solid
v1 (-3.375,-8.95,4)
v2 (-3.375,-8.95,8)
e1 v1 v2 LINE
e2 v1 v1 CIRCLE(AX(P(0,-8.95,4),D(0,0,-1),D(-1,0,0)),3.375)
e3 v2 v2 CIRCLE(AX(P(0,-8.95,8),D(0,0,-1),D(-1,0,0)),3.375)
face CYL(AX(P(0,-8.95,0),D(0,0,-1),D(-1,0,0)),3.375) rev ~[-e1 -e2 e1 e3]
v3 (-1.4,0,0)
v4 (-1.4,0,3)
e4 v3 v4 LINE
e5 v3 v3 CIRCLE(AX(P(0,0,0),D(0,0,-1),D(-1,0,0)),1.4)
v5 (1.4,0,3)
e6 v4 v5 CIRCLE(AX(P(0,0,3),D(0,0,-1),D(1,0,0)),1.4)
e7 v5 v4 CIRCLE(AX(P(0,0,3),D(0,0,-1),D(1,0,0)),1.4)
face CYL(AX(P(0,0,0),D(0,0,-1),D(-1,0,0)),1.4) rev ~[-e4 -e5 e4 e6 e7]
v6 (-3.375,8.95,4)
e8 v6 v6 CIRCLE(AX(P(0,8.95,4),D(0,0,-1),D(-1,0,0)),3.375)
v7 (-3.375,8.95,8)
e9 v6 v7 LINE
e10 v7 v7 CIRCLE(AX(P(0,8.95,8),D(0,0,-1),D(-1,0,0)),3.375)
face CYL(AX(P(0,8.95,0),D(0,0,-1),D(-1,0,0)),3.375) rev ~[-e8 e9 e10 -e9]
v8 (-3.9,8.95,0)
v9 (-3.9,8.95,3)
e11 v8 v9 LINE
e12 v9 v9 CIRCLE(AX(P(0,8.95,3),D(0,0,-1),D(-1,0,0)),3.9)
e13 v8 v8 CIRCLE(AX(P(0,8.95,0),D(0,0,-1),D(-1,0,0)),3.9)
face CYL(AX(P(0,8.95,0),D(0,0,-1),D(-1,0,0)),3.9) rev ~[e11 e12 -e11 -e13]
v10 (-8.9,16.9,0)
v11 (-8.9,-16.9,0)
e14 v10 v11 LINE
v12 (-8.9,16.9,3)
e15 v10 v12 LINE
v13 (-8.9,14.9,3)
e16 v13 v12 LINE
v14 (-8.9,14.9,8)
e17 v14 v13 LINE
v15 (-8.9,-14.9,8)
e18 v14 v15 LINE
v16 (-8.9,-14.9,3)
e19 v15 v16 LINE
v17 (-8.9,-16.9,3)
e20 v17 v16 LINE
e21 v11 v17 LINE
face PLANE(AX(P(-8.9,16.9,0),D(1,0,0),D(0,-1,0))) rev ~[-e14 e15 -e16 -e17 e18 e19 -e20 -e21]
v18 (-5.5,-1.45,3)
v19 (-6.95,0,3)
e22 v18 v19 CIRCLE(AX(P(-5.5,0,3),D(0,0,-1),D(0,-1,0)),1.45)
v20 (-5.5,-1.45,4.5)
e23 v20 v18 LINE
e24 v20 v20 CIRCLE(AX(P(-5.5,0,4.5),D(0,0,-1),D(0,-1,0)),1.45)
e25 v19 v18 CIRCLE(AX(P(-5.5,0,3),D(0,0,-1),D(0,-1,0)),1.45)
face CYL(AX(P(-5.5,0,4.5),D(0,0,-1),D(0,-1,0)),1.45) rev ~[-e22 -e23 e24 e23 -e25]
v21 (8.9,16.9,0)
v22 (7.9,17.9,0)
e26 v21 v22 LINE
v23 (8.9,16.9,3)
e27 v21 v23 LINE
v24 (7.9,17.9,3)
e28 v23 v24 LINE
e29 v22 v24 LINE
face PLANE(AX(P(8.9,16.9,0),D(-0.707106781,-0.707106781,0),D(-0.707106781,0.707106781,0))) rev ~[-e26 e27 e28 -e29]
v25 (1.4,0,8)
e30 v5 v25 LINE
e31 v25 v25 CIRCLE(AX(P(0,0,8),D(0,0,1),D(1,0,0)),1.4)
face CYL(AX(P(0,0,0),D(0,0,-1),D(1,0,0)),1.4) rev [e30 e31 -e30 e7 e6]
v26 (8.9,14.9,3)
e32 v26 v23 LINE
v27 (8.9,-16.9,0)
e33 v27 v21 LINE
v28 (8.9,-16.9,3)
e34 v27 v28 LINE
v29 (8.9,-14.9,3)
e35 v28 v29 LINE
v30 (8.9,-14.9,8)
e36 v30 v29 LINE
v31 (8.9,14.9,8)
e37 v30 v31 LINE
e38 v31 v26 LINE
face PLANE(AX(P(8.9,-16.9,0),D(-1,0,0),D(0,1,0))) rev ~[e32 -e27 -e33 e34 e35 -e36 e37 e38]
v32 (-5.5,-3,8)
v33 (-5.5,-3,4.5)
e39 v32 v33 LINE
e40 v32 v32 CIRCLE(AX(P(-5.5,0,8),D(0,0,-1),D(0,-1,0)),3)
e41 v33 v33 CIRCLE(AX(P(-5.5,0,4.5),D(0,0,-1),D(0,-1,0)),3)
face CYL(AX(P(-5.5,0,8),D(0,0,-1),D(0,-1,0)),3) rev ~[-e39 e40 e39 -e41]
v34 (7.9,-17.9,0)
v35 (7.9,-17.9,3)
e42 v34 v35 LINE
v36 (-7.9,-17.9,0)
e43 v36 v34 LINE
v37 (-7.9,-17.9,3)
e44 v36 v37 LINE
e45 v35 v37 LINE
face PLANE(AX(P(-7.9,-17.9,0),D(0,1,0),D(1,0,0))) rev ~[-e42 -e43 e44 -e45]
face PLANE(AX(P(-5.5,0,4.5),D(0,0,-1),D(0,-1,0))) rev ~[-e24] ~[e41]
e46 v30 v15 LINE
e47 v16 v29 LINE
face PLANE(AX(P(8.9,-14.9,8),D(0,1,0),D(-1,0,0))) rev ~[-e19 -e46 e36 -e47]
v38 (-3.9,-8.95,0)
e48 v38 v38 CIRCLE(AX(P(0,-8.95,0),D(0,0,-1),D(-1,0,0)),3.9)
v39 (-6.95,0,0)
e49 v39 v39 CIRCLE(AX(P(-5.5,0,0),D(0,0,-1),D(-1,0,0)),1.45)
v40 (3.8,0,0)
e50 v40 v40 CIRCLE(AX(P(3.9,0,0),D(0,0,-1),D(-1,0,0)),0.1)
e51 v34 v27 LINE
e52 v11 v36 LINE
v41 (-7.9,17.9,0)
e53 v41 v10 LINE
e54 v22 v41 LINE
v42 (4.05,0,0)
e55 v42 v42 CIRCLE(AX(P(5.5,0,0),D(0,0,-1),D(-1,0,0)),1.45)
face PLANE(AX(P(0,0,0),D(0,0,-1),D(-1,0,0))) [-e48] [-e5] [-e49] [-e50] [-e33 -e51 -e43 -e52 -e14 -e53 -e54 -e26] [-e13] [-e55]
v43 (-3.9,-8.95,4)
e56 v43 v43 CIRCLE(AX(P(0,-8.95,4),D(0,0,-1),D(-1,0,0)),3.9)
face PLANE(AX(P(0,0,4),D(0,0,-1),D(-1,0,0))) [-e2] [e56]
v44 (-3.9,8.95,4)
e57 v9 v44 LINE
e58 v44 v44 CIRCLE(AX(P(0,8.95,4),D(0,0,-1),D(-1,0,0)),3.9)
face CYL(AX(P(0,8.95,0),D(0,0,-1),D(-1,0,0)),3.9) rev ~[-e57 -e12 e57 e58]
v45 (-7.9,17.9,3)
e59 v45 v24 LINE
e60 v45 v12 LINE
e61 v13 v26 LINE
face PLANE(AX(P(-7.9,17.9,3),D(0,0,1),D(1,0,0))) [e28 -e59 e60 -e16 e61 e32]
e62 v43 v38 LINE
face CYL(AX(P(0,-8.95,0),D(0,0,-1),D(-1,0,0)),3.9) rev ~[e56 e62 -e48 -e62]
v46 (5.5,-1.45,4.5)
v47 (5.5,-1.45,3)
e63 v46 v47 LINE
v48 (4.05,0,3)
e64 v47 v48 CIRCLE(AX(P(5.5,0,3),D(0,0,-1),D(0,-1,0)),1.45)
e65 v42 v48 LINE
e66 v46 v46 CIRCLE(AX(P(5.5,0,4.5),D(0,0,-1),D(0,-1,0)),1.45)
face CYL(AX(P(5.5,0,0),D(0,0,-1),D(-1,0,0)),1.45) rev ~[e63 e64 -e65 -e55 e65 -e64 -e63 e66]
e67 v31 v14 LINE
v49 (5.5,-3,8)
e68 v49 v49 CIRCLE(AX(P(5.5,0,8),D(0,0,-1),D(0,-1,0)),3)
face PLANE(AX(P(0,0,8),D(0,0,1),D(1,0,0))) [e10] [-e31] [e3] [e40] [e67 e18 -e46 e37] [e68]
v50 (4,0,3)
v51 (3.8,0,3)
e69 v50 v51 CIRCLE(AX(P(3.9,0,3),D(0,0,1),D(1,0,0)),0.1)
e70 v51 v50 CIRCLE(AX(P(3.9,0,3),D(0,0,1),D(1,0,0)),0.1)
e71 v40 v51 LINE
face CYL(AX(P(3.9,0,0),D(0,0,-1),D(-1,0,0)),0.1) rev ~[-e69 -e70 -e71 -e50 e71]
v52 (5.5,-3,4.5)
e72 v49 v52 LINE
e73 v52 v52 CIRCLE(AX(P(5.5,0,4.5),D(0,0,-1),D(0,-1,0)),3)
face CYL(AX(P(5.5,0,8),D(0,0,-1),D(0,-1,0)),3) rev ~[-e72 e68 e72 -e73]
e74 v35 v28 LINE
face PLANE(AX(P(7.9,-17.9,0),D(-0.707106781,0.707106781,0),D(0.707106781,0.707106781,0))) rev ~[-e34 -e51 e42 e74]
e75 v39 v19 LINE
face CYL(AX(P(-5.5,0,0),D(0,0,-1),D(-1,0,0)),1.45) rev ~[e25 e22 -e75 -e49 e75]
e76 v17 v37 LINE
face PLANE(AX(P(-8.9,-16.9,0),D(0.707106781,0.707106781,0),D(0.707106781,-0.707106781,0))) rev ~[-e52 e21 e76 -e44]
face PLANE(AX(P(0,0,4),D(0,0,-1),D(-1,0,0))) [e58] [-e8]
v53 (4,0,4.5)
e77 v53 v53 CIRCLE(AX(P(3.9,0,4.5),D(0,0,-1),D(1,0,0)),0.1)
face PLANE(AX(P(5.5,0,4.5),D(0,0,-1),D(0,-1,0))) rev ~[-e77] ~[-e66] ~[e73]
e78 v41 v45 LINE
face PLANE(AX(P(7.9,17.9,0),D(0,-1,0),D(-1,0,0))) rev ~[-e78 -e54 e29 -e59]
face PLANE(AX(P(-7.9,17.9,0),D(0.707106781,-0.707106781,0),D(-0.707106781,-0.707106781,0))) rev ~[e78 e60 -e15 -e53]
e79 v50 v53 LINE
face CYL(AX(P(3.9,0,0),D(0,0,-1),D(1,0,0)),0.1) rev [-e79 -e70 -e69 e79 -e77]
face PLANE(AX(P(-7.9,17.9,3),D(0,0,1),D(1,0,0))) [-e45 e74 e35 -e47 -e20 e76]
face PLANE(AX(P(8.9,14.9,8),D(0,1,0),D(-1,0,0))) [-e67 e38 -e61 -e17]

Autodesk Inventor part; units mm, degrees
ref_plane "Work Plane1" through (0, 0, 0) normal (0, 0, 1) x (1, 0, 0)
sketch "Sketch1" plane through (0, 0, 0) normal (0, 0, 1) x (1, 0, 0)
  circle A0 centre (0, -8.95) radius 4.2 projected
  circle A1 centre (0, 8.95) radius 4.2 projected
  circle A2 centre (0, 0) radius 1.4 projected
  circle A3 centre (3.9, 0) radius 0.1 projected
  line L0 (8.9, 16.9) -> (7.9, 17.9) projected
  line L1 (7.9, 17.9) -> (-7.9, 17.9) projected
  line L2 (-7.9, 17.9) -> (-8.9, 16.9) projected
  line L3 (-8.9, 16.9) -> (-8.9, -16.9) projected
  line L4 (-8.9, -16.9) -> (-7.9, -17.9) projected
  line L5 (-7.9, -17.9) -> (7.9, -17.9) projected
  line L6 (7.9, -17.9) -> (8.9, -16.9) projected
  line L7 (8.9, -16.9) -> (8.9, 16.9) projected
  point P0 (0, 0)
ref_plane "Work Plane2" through (-3.9, 5.05, 12.4) normal (0, 0, 1) x (1, 0, 0)
ref_plane "Work Plane3" through (-3.9, 5.05, 8) normal (0, 0, 1) x (1, 0, 0)
extrude "Extrusion1" add sketch "Sketch1" along normal up to surface (8 mm away) contours A0 | A1 | L7 L6 L5 L4 L3 L2 L1 L0
sketch "Sketch2" plane through (-7.9, 17.9, 8) normal (0, 0, 1) x (1, 0, 0)
  line L0 (16.8, -1) -> (16.8, -34.8) projected
  line L1 (15.8, 0) -> (16.8, -1) projected
  line L2 (0, 0) -> (15.8, 0) projected
  line L3 (-1, -1) -> (0, 0) projected
  line L4 (-1, -34.8) -> (-1, -1) projected
  line L5 (0, -35.8) -> (-1, -34.8) projected
  line L6 (15.8, -35.8) -> (0, -35.8) projected
  line L7 (16.8, -34.8) -> (15.8, -35.8) projected
  circle A0 centre (11.8, -17.9) radius 0.1 projected
  circle A1 centre (7.9, -17.9) radius 1.4 projected
  point P0 (7.9, -17.9)
  point P1 (13.4, -17.9)
  point P2 (2.4, -17.9)
  dimension "d2" = 5.5
  dimension "d3" = 5.5
hole "Hole1" at (5.5, 0, 8) at (-5.5, 0, 8) direction (0, 0, -1) diameter 2.9 end through all counterbore diameter 6 counterbore depth 3.5
sketch "Sketch3" plane through (0, 0, 0) normal (0, 0, -1) x (-1, 0, 0)
  circle A0 centre (0, 8.95) radius 3.9 construction
  circle A1 centre (0, -8.95) radius 3.9 construction
  circle A2 centre (0, 8.95) radius 3.375
  circle A3 centre (0, -8.95) radius 3.375
  point P0 (0, 0)
  dimension "d11" = 6.75
  dimension "d12" = 6.75
extrude "Extrusion2" cut sketch "Sketch3" against normal blind 10
sketch "Sketch4" plane through (0, 0, 0) normal (0, 0, -1) x (-1, 0, 0)
  circle A0 centre (0, 8.95) radius 3.375 projected
  circle A1 centre (0, -8.95) radius 3.375 projected
  circle A2 centre (0, 8.95) radius 3.9
  circle A3 centre (0, -8.95) radius 3.9
  point P0 (0, 0)
  dimension "d15" = 7.8
  dimension "d16" = 7.8
extrude "Extrusion3" cut sketch "Sketch4" against normal blind 4
sketch "Sketch5" plane through (0, 0, 0) normal (0, 0, -1) x (-1, 0, 0)
  circle A0 centre (0, 8.95) radius 3.9 projected
  circle A1 centre (0, 8.95) radius 3.9 projected
  circle A2 centre (0, -8.95) radius 3.9 projected
  circle A3 centre (-5.5, 0) radius 1.45 projected
  circle A4 centre (5.5, 0) radius 1.45 projected
  circle A5 centre (-3.9, 0) radius 0.1 projected
  line L0 (-8.9, 16.9) -> (-7.9, 17.9) projected
  line L1 (-8.9, -16.9) -> (-8.9, 16.9) projected
  line L2 (-7.9, -17.9) -> (-8.9, -16.9) projected
  line L3 (7.9, -17.9) -> (-7.9, -17.9) projected
  line L4 (8.9, -16.9) -> (7.9, -17.9) projected
  line L5 (8.9, 16.9) -> (8.9, -16.9) projected
  line L6 (7.9, 17.9) -> (8.9, 16.9) projected
  line L7 (-7.9, 17.9) -> (7.9, 17.9) projected
  line L8 (7.4, -16.2787) -> (7.2787, -16.4)
  line L9 (7.2787, -16.4) -> (-7.2787, -16.4)
  line L10 (-7.2787, -16.4) -> (-7.4, -16.2787)
  line L11 (-7.4, -16.2787) -> (-7.4, 16.2787)
  line L12 (-7.4, 16.2787) -> (-7.2787, 16.4)
  line L13 (-7.2787, 16.4) -> (7.2787, 16.4)
  line L14 (7.2787, 16.4) -> (7.4, 16.2787)
  line L15 (7.4, 16.2787) -> (7.4, -16.2787)
  point P0 (0, 0)
  dimension "d19" = 1.5
extrude "Extrusion4" cut sketch "Sketch5" against normal blind 3 contours A0 | A2 | A3 | A4 | L8 L9 L10 L11 L12 L13 L14 L15
ref_plane "Work Plane4" through (-13.9917, -57.9, 3) normal (0, 0, 1) x (1, 0, 0)
sketch "Sketch6" plane through (-7.9, 17.9, 8) normal (0, 0, 1) x (1, 0, 0)
  circle A0 centre (7.9, -8.95) radius 3.375 projected
  circle A1 centre (7.9, -26.85) radius 3.375 projected
  circle A2 centre (2.4, -17.9) radius 3 projected
  circle A3 centre (13.4, -17.9) radius 3 projected
  line L0 (16.8, -1) -> (16.8, -34.8) projected
  line L1 (15.8, 0) -> (16.8, -1) projected
  line L2 (0, 0) -> (15.8, 0) projected
  line L3 (-1, -1) -> (0, 0) projected
  line L4 (-1, -34.8) -> (-1, -1) projected
  line L5 (0, -35.8) -> (-1, -34.8) projected
  line L6 (15.8, -35.8) -> (0, -35.8) projected
  line L7 (16.8, -34.8) -> (15.8, -35.8) projected
  line L8 (16.8, -34.8) -> (16.8, -1) projected
  line L9 (-1, 0) -> (16.8, 0)
  line L10 (16.8, 0) -> (16.8, -3)
  line L11 (16.8, -3) -> (-1, -3)
  line L12 (-1, -3) -> (-1, 0)
  line L13 (-1, -35.8) -> (16.8, -35.8)
  line L14 (16.8, -35.8) -> (16.8, -32.8)
  line L15 (16.8, -32.8) -> (-1, -32.8)
  line L16 (-1, -32.8) -> (-1, -35.8)
  point P0 (7.9, -17.9)
  dimension "d22" = 3
  dimension "d23" = 3
extrude "Extrusion5" cut sketch "Sketch6" against normal up to surface (5 mm away) contours L0 L11 L4 L3 L2 L1 | L1 L9 L10 | L0 L7 L6 L5 L4 L15 | L3 L12 L9 | L14 L13 L7 | L5 L13 L16
sketch "Sketch7" plane through (0, 0, 0) normal (0, 0, -1) x (-1, 0, 0)
  line L0 (7.4, 16.2787) -> (7.4, -16.2787) projected
  line L1 (7.4, -16.2787) -> (7.2787, -16.4) projected
  line L2 (7.2787, -16.4) -> (-7.2787, -16.4) projected
  line L3 (-7.2787, -16.4) -> (-7.4, -16.2787) projected
  line L4 (-7.4, -16.2787) -> (-7.4, 16.2787) projected
  line L5 (-7.4, 16.2787) -> (-7.2787, 16.4) projected
  line L6 (-7.2787, 16.4) -> (7.2787, 16.4) projected
  line L7 (7.2787, 16.4) -> (7.4, 16.2787) projected
  line L8 (-8.9, 16.9) -> (-7.9, 17.9) projected
  line L9 (-8.9, -16.9) -> (-8.9, 16.9) projected
  line L10 (-7.9, -17.9) -> (-8.9, -16.9) projected
  line L11 (7.9, -17.9) -> (-7.9, -17.9) projected
  line L12 (8.9, -16.9) -> (7.9, -17.9) projected
  line L13 (8.9, 16.9) -> (8.9, -16.9) projected
  line L14 (7.9, 17.9) -> (8.9, 16.9) projected
  line L15 (-7.9, 17.9) -> (7.9, 17.9) projected
  line L16 (7.4, 14.9) -> (7.4, -14.9) projected
  line L17 (7.4, 13.4) -> (-7.4, 13.4)
  line L18 (-7.4, 13.4) -> (-7.4, 16.4)
  line L19 (-7.4, 16.4) -> (7.4, 16.4)
  line L20 (7.4, 16.4) -> (7.4, 13.4)
  line L21 (7.4, -13.4) -> (-7.4, -13.4)
  line L22 (-7.4, -13.4) -> (-7.4, -16.4)
  line L23 (-7.4, -16.4) -> (7.4, -16.4)
  line L24 (7.4, -16.4) -> (7.4, -13.4)
  point P0 (0, 0)
  dimension "d26" = 3
  dimension "d27" = 3
extrude "Extrusion6" add sketch "Sketch7" against normal up to surface (3 mm away) contours L0 L17 L4 L5 L6 L7 | L5 L18 L19 | L0 L1 L2 L3 L4 L21 | L24 L23 L1 | L3 L23 L22
sketch "Sketch8" plane through (0, 0, 0) normal (0, 0, -1) x (-1, 0, 0)
  line L0 (7.4, 13.4) -> (-7.4, 13.4) projected
  line L1 (-7.4, -13.4) -> (-7.4, 13.4) projected
  line L2 (-7.4, -13.4) -> (7.4, -13.4) projected
  line L3 (7.4, 13.4) -> (7.4, -13.4) projected
  circle A0 centre (0, 8.95) radius 3.9 projected
  circle A1 centre (0, -8.95) radius 3.9 projected
  circle A2 centre (-5.5, 0) radius 1.45 projected
  circle A3 centre (5.5, 0) radius 1.45 projected
  circle A4 centre (0, 0) radius 1.4 projected
  circle A5 centre (-3.9, 0) radius 0.1 projected
  point P0 (0, 0)
extrude "Extrusion7" add sketch "Sketch8" against normal up to surface (3 mm away)
properties part number "Omnivision_Objectivelens_mount"
